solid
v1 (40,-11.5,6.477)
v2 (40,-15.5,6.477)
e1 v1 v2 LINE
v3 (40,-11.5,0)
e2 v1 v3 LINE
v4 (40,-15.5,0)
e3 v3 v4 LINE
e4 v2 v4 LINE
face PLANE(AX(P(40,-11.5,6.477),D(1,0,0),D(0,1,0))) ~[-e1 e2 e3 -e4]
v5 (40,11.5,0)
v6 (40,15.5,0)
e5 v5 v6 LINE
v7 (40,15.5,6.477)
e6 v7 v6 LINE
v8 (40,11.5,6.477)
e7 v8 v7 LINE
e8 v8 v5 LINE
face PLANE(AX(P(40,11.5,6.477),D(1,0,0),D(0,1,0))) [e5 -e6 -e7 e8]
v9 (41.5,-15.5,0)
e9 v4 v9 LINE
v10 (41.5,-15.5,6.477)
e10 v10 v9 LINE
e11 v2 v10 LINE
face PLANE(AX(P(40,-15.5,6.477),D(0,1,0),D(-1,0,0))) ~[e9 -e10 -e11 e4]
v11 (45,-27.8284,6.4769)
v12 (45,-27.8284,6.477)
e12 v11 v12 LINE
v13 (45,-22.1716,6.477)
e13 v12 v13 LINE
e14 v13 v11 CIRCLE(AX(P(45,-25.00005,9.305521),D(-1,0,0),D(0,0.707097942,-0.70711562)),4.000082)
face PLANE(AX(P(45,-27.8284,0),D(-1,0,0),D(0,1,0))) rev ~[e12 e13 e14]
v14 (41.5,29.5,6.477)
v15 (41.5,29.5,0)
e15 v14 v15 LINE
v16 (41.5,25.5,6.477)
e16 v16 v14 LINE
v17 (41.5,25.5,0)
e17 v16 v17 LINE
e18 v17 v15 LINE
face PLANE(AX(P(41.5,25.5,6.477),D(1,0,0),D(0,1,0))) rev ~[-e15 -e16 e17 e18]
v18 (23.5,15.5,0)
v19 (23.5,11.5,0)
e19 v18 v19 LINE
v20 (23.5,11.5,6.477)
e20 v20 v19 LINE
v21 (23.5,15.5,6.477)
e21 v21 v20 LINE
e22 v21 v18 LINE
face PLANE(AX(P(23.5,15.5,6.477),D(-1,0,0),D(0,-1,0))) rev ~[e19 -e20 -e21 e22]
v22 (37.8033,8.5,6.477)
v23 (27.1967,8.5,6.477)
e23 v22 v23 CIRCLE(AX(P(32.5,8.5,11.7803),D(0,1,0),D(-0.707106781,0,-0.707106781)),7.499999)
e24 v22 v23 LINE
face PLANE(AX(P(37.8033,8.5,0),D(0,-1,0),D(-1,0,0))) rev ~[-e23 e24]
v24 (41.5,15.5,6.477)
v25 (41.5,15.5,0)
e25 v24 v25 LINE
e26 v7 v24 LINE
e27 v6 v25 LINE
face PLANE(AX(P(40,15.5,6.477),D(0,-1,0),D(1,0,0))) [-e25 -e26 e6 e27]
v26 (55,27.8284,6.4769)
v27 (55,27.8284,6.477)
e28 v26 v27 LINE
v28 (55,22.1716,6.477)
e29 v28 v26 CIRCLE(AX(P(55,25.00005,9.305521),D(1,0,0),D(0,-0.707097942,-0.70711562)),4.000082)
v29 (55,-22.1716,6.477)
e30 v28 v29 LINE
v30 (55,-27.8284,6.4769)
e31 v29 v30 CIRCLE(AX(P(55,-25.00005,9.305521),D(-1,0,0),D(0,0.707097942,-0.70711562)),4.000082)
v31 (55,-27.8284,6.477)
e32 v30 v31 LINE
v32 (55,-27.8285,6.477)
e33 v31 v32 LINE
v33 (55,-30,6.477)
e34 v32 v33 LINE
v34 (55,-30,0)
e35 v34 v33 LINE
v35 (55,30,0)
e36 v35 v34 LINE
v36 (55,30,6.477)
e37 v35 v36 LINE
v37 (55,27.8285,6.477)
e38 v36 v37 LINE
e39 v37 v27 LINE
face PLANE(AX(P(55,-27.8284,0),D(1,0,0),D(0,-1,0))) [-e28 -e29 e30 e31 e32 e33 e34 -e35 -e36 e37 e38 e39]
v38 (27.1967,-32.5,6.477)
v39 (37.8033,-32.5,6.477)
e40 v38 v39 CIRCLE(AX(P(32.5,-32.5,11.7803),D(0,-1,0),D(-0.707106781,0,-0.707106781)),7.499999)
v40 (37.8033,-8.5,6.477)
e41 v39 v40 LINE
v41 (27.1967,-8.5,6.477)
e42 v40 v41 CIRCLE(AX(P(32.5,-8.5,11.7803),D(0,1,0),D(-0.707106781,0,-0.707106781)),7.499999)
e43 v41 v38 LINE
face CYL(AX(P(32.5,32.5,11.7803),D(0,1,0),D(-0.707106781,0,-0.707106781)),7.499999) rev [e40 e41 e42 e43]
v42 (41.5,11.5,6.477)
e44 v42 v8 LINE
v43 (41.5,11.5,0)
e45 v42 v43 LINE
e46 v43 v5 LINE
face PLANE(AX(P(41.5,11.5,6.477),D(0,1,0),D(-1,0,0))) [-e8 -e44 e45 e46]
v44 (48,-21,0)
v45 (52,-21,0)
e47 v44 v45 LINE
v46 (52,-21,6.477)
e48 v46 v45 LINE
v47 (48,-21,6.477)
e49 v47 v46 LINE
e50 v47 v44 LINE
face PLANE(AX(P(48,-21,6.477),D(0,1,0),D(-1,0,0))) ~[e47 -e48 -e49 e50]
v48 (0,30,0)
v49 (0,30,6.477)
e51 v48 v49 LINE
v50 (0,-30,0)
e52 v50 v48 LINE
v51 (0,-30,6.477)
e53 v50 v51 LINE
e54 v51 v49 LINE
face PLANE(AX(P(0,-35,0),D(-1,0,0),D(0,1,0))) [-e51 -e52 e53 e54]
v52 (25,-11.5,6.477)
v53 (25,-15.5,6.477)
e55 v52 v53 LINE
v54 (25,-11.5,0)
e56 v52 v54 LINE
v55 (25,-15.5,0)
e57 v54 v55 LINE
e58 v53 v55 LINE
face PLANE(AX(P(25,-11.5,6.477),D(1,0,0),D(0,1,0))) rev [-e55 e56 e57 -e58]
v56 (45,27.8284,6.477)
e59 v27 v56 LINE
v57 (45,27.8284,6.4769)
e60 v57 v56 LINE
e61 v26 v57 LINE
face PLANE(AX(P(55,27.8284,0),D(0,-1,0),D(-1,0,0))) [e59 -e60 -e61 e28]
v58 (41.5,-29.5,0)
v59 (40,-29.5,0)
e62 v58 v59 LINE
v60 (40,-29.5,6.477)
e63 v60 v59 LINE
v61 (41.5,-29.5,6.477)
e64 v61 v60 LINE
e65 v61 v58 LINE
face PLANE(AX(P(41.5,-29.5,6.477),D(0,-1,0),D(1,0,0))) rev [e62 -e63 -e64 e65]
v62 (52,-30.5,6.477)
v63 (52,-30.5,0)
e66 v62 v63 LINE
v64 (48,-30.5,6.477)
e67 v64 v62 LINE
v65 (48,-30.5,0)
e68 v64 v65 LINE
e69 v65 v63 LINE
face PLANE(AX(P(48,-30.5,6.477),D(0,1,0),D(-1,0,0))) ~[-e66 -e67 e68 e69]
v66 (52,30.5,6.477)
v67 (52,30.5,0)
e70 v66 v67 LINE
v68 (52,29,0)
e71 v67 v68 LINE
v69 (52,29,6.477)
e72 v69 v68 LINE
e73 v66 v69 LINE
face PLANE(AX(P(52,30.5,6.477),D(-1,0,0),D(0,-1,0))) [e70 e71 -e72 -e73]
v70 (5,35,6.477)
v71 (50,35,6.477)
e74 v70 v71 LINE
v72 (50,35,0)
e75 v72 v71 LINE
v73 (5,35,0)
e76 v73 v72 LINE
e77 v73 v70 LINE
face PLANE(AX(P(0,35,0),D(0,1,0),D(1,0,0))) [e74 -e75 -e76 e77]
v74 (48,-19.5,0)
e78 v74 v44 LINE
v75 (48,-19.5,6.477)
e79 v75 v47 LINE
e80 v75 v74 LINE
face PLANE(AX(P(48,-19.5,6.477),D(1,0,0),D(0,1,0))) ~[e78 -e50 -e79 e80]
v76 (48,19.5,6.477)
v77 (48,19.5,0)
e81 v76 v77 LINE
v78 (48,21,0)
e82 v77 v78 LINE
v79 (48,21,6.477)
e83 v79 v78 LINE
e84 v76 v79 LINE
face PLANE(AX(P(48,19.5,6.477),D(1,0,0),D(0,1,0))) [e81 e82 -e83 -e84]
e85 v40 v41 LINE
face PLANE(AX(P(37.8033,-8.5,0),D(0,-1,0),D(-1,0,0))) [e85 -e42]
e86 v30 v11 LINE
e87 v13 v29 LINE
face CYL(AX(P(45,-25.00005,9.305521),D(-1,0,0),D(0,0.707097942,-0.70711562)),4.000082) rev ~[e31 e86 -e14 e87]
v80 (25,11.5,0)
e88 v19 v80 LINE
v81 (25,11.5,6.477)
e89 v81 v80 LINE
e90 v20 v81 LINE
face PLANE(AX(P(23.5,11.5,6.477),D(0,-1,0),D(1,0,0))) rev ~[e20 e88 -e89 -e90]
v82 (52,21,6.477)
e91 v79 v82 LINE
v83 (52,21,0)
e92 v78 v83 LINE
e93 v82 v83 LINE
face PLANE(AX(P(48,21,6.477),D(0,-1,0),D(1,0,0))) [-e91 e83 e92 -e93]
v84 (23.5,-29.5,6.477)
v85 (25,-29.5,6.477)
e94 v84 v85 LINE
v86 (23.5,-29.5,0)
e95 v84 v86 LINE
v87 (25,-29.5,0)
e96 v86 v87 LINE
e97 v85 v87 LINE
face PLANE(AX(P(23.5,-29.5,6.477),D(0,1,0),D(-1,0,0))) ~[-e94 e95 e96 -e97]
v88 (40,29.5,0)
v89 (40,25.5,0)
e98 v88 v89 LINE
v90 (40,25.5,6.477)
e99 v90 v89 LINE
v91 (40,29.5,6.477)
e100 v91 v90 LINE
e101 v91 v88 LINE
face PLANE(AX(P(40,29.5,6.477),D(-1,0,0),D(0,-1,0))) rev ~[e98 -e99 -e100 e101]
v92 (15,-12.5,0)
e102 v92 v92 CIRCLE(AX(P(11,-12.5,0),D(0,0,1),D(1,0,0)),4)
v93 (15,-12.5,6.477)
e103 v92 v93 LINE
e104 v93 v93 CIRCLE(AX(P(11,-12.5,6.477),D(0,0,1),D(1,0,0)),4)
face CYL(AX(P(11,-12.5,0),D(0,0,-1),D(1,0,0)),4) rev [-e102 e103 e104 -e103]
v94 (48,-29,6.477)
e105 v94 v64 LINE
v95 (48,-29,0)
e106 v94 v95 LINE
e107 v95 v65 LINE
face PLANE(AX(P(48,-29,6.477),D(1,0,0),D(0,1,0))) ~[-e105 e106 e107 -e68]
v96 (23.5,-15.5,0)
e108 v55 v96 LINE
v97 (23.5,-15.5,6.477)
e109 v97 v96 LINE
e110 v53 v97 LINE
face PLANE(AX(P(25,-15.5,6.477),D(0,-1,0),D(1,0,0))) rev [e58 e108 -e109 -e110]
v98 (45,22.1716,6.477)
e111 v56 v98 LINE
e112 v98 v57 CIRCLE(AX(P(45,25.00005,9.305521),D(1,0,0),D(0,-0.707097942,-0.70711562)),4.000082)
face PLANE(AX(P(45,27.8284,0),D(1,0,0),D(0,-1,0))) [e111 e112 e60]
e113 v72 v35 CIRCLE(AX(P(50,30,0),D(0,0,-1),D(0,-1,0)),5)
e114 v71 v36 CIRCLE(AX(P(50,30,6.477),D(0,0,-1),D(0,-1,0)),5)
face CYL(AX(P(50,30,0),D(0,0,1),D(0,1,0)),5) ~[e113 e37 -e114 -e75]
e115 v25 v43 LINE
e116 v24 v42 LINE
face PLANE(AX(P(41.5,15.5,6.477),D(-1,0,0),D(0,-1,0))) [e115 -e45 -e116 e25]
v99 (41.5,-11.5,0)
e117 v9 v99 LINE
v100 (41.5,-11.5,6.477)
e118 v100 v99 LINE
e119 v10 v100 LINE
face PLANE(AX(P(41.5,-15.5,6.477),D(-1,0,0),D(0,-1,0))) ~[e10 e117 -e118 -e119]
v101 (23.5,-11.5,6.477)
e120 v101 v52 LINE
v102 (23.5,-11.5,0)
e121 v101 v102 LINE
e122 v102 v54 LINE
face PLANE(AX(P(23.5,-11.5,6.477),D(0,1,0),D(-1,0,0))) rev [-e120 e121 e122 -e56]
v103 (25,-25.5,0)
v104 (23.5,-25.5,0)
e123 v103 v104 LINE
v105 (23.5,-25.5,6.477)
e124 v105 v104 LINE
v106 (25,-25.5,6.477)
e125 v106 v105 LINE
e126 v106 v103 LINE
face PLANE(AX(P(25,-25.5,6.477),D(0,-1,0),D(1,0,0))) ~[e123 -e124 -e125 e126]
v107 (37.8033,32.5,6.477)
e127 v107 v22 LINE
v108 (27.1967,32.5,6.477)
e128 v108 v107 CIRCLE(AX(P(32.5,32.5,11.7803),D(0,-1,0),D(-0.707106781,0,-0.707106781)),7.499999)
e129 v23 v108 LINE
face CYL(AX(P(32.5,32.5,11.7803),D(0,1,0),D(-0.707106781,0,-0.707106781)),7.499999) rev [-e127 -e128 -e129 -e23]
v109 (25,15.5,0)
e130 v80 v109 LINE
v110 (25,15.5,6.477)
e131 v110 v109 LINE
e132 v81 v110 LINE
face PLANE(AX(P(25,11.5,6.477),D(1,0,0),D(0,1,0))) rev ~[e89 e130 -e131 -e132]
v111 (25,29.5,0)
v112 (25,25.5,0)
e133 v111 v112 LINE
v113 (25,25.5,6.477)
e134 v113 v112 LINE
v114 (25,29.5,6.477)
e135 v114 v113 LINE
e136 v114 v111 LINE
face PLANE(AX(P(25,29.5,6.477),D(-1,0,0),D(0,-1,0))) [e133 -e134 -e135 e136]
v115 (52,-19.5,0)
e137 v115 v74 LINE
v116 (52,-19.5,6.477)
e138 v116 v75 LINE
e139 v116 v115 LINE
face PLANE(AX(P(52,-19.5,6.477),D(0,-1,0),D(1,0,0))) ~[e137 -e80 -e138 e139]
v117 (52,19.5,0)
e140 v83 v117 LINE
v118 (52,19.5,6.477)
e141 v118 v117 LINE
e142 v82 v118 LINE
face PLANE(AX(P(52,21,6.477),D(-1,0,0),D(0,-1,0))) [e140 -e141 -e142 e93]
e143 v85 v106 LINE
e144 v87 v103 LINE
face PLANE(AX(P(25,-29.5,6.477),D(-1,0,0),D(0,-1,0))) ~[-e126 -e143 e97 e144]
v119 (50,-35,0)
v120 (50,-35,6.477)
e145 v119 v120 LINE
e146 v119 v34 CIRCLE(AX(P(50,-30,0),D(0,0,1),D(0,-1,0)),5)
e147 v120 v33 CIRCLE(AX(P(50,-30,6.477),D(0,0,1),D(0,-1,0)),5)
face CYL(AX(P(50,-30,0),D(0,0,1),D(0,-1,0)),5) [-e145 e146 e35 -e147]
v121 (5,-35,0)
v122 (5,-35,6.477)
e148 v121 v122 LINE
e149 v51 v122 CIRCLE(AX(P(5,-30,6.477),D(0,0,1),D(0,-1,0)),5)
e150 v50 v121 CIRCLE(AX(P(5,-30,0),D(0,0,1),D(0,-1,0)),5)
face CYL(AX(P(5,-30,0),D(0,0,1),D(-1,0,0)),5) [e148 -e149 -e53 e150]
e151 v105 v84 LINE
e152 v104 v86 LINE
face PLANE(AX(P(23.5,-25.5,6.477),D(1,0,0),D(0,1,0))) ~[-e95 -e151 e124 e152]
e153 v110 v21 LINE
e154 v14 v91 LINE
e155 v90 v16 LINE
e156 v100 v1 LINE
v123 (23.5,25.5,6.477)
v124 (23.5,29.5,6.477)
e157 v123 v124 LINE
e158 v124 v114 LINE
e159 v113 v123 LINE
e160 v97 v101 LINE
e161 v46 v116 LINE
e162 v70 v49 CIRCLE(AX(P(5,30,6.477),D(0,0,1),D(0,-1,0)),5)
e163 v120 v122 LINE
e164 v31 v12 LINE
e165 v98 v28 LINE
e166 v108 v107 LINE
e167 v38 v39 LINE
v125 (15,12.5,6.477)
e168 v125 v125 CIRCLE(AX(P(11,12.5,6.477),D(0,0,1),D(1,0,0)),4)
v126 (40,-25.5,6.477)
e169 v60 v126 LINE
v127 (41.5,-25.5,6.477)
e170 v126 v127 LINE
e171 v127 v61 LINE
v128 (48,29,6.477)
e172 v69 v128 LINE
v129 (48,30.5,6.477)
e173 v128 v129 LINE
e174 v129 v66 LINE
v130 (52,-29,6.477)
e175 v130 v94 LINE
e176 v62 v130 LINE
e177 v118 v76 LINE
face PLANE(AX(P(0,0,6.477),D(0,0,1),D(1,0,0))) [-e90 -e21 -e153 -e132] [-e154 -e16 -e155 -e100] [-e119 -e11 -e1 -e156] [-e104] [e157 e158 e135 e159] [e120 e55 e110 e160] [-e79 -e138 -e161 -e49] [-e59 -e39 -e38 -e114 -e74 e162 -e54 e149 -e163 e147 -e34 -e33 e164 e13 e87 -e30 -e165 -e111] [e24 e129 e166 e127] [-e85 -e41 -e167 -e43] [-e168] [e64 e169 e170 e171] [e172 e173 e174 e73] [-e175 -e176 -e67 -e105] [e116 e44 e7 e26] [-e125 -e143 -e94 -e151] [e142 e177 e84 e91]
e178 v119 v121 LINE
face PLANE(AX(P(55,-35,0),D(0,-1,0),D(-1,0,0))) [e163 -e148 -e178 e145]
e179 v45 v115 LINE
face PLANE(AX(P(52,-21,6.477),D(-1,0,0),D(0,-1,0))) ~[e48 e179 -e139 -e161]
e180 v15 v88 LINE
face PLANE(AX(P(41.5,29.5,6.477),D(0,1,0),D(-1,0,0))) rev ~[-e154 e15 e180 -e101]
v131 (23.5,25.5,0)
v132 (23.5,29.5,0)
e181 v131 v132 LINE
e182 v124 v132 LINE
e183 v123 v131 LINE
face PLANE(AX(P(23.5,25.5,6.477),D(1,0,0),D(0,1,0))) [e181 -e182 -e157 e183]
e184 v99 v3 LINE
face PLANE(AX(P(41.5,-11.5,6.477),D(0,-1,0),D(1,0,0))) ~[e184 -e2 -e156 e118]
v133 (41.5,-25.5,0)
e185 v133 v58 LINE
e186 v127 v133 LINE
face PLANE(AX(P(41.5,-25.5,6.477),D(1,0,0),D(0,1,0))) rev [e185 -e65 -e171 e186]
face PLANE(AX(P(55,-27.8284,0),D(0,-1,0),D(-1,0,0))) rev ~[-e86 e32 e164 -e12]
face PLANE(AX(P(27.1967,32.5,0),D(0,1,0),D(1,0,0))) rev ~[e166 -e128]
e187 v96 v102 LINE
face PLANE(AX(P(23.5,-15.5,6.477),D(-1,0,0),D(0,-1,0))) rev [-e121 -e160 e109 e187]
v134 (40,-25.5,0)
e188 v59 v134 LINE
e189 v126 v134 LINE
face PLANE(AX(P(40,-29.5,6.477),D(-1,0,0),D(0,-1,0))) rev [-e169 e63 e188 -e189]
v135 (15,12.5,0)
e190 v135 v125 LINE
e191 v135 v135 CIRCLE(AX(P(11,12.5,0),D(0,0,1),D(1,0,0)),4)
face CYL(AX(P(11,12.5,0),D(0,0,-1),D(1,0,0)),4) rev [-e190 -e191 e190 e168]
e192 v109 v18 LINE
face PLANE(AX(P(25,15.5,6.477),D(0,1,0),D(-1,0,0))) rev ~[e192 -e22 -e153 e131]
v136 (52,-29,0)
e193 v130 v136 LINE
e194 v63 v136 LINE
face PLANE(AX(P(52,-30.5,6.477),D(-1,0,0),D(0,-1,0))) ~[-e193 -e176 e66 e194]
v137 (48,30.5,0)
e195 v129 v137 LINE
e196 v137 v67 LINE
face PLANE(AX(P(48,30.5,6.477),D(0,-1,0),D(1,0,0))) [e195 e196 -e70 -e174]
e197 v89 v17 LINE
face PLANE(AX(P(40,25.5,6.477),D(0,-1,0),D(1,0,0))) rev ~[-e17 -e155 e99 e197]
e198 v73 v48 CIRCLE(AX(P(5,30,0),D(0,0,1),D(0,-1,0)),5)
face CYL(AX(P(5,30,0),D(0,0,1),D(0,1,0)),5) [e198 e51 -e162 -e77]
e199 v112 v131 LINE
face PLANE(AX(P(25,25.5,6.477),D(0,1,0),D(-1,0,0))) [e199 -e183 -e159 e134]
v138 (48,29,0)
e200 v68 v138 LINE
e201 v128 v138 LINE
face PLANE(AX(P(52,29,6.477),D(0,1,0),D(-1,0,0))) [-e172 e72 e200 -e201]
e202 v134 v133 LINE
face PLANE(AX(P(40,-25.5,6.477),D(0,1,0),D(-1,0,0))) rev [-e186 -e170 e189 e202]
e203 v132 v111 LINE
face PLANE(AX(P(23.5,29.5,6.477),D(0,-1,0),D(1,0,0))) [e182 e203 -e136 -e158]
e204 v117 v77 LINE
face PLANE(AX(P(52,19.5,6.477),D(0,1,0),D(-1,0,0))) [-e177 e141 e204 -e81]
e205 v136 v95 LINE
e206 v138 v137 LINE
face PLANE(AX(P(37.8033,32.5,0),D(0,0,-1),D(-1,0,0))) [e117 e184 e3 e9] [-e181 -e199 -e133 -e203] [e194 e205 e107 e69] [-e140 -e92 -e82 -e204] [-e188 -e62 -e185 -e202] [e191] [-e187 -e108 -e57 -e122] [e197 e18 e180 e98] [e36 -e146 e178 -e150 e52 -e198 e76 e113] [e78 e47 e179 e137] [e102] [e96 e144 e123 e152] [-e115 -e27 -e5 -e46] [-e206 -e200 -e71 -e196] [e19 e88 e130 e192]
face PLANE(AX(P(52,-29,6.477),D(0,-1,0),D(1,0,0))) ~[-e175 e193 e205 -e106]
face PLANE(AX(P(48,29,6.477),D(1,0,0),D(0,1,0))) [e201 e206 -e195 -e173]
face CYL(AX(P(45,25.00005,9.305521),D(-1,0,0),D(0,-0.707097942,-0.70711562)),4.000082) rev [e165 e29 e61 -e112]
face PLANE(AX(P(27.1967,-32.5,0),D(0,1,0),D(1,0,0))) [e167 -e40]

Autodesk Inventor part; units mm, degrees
ref_plane "YZ Plane" through (0, 0, 0) normal (1, 0, 0) x (0, 1, 0)
ref_plane "XZ Plane" through (0, 0, 0) normal (0, 1, 0) x (-1, 0, 0)
ref_plane "XY Plane" through (0, 0, 0) normal (0, 0, 1) x (1, 0, 0)
sketch "Sketch1" plane through (0, 0, 0) normal (0, 0, 1) x (1, 0, 0)
  line L0 (0, 35) -> (55, 35)
  line L1 (55, -35) -> (0, -35)
  line L2 (0, -35) -> (0, 35)
  line L3 (11, 12.5) -> (11, -12.5) construction
  circle A0 centre (11, 12.5) radius 11 construction
  circle A1 centre (11, -12.5) radius 11 construction
  circle A2 centre (11, 12.5) radius 4
  circle A3 centre (11, -12.5) radius 4
  line L4 (27.1967, 8.5) -> (37.8033, 8.5) construction
  line L5 (37.8033, 8.5) -> (37.8033, -8.5) construction
  line L6 (37.8033, -8.5) -> (27.1967, -8.5) construction
  line L7 (27.1967, -8.5) -> (27.1967, 8.5) construction
  line L8 (37.8033, 8.5) -> (27.1967, 8.5)
  line L9 (27.1967, 8.5) -> (27.1967, 32.5)
  line L10 (27.1967, 32.5) -> (37.8033, 32.5)
  line L11 (37.8033, 32.5) -> (37.8033, 8.5)
  line L12 (37.8033, -8.5) -> (27.1967, -8.5)
  line L13 (27.1967, -8.5) -> (27.1967, -32.5)
  line L14 (27.1967, -32.5) -> (37.8033, -32.5)
  line L15 (37.8033, -32.5) -> (37.8033, -8.5)
  circle A4 centre (32.5, 8.5) radius 7.5 construction
  line L16 (32.5, 8.5) -> (37.8033, 3.1967) construction
  line L17 (55, 27.8284) -> (45, 27.8284)
  line L18 (45, 27.8284) -> (45, 22.1716)
  line L19 (45, 22.1716) -> (55, 22.1716)
  line L20 (55, -27.8284) -> (45, -27.8284)
  line L21 (45, -27.8284) -> (45, -22.1716)
  line L22 (45, -22.1716) -> (55, -22.1716)
  line L23 (55, -27.8284) -> (55, -35)
  line L24 (55, 35) -> (55, 27.8284)
  line L25 (55, 22.1716) -> (55, -22.1716)
  circle A5 centre (45, 25) radius 4 construction
  line L26 (45, 25) -> (42.1716, 22.1716) construction
  point P0 (0, 0)
  point P1 (0, 0)
  point P2 (11, 0)
  point P3 (27.1967, 0)
  point P4 (45, -25)
  dimension "d7" = 15
  dimension "d16" = 8
  dimension "d0" = 70
  dimension "d2" = 11
  dimension "d3" = 25
  dimension "d4" = 8
  dimension "d5" = 24
  dimension "d6" = 45
  dimension "d9" = 2.5
  dimension "d11" = 22.5
  dimension "d12" = 55
  dimension "d13" = 10
  dimension "d15" = 45
  dimension "d17" = 10
extrude "Extrusion1" add sketch "Sketch1" along normal blind 6.477
sketch "Sketch2" plane through (0, 0, 6.477) normal (0, 0, 1) x (1, 0, 0)
  line L0 (27.1967, 8.5) -> (27.1967, 32.5) projected
  line L1 (27.1967, 32.5) -> (37.8033, 32.5) projected
  line L2 (45, 22.1716) -> (45, 27.8284) projected
  line L3 (45, 27.8284) -> (55, 27.8284) projected
  line L4 (25, 25.5) -> (40, 25.5) construction
  line L5 (40, 25.5) -> (40, 15.5) construction
  line L6 (40, 15.5) -> (25, 15.5) construction
  line L7 (25, 15.5) -> (25, 25.5) construction
  line L8 (48, 29) -> (52, 29) construction
  line L9 (52, 29) -> (52, 21) construction
  line L10 (52, 21) -> (48, 21) construction
  line L11 (48, 21) -> (48, 29) construction
  line L12 (25, 25.5) -> (23.5, 25.5)
  line L13 (23.5, 25.5) -> (23.5, 29.5)
  line L14 (23.5, 29.5) -> (25, 29.5)
  line L15 (25, 29.5) -> (25, 25.5)
  line L16 (40, 25.5) -> (41.5, 25.5)
  line L17 (41.5, 25.5) -> (41.5, 29.5)
  line L18 (41.5, 29.5) -> (40, 29.5)
  line L19 (40, 29.5) -> (40, 25.5)
  line L20 (40, 15.5) -> (41.5, 15.5)
  line L21 (41.5, 15.5) -> (41.5, 11.5)
  line L22 (41.5, 11.5) -> (40, 11.5)
  line L23 (40, 11.5) -> (40, 15.5)
  line L24 (25, 15.5) -> (23.5, 15.5)
  line L25 (23.5, 15.5) -> (23.5, 11.5)
  line L26 (23.5, 11.5) -> (25, 11.5)
  line L27 (25, 11.5) -> (25, 15.5)
  line L28 (48, 21) -> (52, 21)
  line L29 (52, 21) -> (52, 19.5)
  line L30 (52, 19.5) -> (48, 19.5)
  line L31 (48, 19.5) -> (48, 21)
  line L32 (52, 29) -> (48, 29)
  line L33 (48, 29) -> (48, 30.5)
  line L34 (48, 30.5) -> (52, 30.5)
  line L35 (52, 30.5) -> (52, 29)
  point P0 (0, 0)
  point P1 (25, 20.5)
  point P2 (27.1967, 20.5)
  point P3 (48, 25)
  point P4 (45, 25)
  point P5 (50, 29)
  point P6 (50, 27.8284)
  point P7 (32.5, 25.5)
  point P8 (32.5, 32.5)
  point P9 (25, 27.5)
  dimension "d20" = 4
  dimension "d22" = 1.5
  dimension "d23" = 8
  dimension "d24" = 15
  dimension "d25" = 5
extrude "Extrusion2" cut sketch "Sketch2" against normal through all
mirror "Mirror1" about plane through (0, 0, 0) normal (0, 1, 0) of "Extrusion2"
fillet "Fillet1" radius 5 4 edges at (55, -35, 3.2385) (0, -35, 3.2385) (0, 35, 3.2385) (55, 35, 3.2385)
sketch "Sketch3" plane through (27.1967, 32.5, 0) normal (0, -1, 0) x (1, 0, 0)
  line L0 (10.6066, 0) -> (0, 0) projected
  line L1 (10.6066, 0) -> (10.6066, 6.477) projected
  line L2 (0, 6.477) -> (10.6066, 6.477) projected
  line L3 (0, 0) -> (0, 6.477) projected
  arc A0 (0, 6.477) -> (10.6066, 6.477) centre (5.3033, 11.7803) ccw
  point P0 (-27.1967, 0)
  dimension "d29" = 15
extrude "Extrusion3" add sketch "Sketch3" along normal up to surface (65 mm away) contours L0 L3 A0 L1
sketch "Sketch4" plane through (45, 22.1716, 0) normal (1, 0, 0) x (0, 0, -1)
  line L0 (0, 5.6569) -> (0, 0) projected
  line L1 (0, 5.6569) -> (-6.477, 5.6569) projected
  line L2 (-6.477, 0) -> (-6.477, 5.6569) projected
  line L3 (0, 0) -> (-6.477, 0) projected
  arc A0 (-6.477, 0) -> (-6.477, 5.6569) centre (-9.3054, 2.8284) ccw
  point P0 (0, -22.1716)
  dimension "d33" = 8
extrude "Extrusion4" add sketch "Sketch4" along normal up to surface (10 mm away) contours L0 L3 A0 L1
mirror "Mirror2" about plane through (0, 0, 0) normal (0, 1, 0) of "Extrusion4"
properties part number "GANTRY SIDE PLATE"
